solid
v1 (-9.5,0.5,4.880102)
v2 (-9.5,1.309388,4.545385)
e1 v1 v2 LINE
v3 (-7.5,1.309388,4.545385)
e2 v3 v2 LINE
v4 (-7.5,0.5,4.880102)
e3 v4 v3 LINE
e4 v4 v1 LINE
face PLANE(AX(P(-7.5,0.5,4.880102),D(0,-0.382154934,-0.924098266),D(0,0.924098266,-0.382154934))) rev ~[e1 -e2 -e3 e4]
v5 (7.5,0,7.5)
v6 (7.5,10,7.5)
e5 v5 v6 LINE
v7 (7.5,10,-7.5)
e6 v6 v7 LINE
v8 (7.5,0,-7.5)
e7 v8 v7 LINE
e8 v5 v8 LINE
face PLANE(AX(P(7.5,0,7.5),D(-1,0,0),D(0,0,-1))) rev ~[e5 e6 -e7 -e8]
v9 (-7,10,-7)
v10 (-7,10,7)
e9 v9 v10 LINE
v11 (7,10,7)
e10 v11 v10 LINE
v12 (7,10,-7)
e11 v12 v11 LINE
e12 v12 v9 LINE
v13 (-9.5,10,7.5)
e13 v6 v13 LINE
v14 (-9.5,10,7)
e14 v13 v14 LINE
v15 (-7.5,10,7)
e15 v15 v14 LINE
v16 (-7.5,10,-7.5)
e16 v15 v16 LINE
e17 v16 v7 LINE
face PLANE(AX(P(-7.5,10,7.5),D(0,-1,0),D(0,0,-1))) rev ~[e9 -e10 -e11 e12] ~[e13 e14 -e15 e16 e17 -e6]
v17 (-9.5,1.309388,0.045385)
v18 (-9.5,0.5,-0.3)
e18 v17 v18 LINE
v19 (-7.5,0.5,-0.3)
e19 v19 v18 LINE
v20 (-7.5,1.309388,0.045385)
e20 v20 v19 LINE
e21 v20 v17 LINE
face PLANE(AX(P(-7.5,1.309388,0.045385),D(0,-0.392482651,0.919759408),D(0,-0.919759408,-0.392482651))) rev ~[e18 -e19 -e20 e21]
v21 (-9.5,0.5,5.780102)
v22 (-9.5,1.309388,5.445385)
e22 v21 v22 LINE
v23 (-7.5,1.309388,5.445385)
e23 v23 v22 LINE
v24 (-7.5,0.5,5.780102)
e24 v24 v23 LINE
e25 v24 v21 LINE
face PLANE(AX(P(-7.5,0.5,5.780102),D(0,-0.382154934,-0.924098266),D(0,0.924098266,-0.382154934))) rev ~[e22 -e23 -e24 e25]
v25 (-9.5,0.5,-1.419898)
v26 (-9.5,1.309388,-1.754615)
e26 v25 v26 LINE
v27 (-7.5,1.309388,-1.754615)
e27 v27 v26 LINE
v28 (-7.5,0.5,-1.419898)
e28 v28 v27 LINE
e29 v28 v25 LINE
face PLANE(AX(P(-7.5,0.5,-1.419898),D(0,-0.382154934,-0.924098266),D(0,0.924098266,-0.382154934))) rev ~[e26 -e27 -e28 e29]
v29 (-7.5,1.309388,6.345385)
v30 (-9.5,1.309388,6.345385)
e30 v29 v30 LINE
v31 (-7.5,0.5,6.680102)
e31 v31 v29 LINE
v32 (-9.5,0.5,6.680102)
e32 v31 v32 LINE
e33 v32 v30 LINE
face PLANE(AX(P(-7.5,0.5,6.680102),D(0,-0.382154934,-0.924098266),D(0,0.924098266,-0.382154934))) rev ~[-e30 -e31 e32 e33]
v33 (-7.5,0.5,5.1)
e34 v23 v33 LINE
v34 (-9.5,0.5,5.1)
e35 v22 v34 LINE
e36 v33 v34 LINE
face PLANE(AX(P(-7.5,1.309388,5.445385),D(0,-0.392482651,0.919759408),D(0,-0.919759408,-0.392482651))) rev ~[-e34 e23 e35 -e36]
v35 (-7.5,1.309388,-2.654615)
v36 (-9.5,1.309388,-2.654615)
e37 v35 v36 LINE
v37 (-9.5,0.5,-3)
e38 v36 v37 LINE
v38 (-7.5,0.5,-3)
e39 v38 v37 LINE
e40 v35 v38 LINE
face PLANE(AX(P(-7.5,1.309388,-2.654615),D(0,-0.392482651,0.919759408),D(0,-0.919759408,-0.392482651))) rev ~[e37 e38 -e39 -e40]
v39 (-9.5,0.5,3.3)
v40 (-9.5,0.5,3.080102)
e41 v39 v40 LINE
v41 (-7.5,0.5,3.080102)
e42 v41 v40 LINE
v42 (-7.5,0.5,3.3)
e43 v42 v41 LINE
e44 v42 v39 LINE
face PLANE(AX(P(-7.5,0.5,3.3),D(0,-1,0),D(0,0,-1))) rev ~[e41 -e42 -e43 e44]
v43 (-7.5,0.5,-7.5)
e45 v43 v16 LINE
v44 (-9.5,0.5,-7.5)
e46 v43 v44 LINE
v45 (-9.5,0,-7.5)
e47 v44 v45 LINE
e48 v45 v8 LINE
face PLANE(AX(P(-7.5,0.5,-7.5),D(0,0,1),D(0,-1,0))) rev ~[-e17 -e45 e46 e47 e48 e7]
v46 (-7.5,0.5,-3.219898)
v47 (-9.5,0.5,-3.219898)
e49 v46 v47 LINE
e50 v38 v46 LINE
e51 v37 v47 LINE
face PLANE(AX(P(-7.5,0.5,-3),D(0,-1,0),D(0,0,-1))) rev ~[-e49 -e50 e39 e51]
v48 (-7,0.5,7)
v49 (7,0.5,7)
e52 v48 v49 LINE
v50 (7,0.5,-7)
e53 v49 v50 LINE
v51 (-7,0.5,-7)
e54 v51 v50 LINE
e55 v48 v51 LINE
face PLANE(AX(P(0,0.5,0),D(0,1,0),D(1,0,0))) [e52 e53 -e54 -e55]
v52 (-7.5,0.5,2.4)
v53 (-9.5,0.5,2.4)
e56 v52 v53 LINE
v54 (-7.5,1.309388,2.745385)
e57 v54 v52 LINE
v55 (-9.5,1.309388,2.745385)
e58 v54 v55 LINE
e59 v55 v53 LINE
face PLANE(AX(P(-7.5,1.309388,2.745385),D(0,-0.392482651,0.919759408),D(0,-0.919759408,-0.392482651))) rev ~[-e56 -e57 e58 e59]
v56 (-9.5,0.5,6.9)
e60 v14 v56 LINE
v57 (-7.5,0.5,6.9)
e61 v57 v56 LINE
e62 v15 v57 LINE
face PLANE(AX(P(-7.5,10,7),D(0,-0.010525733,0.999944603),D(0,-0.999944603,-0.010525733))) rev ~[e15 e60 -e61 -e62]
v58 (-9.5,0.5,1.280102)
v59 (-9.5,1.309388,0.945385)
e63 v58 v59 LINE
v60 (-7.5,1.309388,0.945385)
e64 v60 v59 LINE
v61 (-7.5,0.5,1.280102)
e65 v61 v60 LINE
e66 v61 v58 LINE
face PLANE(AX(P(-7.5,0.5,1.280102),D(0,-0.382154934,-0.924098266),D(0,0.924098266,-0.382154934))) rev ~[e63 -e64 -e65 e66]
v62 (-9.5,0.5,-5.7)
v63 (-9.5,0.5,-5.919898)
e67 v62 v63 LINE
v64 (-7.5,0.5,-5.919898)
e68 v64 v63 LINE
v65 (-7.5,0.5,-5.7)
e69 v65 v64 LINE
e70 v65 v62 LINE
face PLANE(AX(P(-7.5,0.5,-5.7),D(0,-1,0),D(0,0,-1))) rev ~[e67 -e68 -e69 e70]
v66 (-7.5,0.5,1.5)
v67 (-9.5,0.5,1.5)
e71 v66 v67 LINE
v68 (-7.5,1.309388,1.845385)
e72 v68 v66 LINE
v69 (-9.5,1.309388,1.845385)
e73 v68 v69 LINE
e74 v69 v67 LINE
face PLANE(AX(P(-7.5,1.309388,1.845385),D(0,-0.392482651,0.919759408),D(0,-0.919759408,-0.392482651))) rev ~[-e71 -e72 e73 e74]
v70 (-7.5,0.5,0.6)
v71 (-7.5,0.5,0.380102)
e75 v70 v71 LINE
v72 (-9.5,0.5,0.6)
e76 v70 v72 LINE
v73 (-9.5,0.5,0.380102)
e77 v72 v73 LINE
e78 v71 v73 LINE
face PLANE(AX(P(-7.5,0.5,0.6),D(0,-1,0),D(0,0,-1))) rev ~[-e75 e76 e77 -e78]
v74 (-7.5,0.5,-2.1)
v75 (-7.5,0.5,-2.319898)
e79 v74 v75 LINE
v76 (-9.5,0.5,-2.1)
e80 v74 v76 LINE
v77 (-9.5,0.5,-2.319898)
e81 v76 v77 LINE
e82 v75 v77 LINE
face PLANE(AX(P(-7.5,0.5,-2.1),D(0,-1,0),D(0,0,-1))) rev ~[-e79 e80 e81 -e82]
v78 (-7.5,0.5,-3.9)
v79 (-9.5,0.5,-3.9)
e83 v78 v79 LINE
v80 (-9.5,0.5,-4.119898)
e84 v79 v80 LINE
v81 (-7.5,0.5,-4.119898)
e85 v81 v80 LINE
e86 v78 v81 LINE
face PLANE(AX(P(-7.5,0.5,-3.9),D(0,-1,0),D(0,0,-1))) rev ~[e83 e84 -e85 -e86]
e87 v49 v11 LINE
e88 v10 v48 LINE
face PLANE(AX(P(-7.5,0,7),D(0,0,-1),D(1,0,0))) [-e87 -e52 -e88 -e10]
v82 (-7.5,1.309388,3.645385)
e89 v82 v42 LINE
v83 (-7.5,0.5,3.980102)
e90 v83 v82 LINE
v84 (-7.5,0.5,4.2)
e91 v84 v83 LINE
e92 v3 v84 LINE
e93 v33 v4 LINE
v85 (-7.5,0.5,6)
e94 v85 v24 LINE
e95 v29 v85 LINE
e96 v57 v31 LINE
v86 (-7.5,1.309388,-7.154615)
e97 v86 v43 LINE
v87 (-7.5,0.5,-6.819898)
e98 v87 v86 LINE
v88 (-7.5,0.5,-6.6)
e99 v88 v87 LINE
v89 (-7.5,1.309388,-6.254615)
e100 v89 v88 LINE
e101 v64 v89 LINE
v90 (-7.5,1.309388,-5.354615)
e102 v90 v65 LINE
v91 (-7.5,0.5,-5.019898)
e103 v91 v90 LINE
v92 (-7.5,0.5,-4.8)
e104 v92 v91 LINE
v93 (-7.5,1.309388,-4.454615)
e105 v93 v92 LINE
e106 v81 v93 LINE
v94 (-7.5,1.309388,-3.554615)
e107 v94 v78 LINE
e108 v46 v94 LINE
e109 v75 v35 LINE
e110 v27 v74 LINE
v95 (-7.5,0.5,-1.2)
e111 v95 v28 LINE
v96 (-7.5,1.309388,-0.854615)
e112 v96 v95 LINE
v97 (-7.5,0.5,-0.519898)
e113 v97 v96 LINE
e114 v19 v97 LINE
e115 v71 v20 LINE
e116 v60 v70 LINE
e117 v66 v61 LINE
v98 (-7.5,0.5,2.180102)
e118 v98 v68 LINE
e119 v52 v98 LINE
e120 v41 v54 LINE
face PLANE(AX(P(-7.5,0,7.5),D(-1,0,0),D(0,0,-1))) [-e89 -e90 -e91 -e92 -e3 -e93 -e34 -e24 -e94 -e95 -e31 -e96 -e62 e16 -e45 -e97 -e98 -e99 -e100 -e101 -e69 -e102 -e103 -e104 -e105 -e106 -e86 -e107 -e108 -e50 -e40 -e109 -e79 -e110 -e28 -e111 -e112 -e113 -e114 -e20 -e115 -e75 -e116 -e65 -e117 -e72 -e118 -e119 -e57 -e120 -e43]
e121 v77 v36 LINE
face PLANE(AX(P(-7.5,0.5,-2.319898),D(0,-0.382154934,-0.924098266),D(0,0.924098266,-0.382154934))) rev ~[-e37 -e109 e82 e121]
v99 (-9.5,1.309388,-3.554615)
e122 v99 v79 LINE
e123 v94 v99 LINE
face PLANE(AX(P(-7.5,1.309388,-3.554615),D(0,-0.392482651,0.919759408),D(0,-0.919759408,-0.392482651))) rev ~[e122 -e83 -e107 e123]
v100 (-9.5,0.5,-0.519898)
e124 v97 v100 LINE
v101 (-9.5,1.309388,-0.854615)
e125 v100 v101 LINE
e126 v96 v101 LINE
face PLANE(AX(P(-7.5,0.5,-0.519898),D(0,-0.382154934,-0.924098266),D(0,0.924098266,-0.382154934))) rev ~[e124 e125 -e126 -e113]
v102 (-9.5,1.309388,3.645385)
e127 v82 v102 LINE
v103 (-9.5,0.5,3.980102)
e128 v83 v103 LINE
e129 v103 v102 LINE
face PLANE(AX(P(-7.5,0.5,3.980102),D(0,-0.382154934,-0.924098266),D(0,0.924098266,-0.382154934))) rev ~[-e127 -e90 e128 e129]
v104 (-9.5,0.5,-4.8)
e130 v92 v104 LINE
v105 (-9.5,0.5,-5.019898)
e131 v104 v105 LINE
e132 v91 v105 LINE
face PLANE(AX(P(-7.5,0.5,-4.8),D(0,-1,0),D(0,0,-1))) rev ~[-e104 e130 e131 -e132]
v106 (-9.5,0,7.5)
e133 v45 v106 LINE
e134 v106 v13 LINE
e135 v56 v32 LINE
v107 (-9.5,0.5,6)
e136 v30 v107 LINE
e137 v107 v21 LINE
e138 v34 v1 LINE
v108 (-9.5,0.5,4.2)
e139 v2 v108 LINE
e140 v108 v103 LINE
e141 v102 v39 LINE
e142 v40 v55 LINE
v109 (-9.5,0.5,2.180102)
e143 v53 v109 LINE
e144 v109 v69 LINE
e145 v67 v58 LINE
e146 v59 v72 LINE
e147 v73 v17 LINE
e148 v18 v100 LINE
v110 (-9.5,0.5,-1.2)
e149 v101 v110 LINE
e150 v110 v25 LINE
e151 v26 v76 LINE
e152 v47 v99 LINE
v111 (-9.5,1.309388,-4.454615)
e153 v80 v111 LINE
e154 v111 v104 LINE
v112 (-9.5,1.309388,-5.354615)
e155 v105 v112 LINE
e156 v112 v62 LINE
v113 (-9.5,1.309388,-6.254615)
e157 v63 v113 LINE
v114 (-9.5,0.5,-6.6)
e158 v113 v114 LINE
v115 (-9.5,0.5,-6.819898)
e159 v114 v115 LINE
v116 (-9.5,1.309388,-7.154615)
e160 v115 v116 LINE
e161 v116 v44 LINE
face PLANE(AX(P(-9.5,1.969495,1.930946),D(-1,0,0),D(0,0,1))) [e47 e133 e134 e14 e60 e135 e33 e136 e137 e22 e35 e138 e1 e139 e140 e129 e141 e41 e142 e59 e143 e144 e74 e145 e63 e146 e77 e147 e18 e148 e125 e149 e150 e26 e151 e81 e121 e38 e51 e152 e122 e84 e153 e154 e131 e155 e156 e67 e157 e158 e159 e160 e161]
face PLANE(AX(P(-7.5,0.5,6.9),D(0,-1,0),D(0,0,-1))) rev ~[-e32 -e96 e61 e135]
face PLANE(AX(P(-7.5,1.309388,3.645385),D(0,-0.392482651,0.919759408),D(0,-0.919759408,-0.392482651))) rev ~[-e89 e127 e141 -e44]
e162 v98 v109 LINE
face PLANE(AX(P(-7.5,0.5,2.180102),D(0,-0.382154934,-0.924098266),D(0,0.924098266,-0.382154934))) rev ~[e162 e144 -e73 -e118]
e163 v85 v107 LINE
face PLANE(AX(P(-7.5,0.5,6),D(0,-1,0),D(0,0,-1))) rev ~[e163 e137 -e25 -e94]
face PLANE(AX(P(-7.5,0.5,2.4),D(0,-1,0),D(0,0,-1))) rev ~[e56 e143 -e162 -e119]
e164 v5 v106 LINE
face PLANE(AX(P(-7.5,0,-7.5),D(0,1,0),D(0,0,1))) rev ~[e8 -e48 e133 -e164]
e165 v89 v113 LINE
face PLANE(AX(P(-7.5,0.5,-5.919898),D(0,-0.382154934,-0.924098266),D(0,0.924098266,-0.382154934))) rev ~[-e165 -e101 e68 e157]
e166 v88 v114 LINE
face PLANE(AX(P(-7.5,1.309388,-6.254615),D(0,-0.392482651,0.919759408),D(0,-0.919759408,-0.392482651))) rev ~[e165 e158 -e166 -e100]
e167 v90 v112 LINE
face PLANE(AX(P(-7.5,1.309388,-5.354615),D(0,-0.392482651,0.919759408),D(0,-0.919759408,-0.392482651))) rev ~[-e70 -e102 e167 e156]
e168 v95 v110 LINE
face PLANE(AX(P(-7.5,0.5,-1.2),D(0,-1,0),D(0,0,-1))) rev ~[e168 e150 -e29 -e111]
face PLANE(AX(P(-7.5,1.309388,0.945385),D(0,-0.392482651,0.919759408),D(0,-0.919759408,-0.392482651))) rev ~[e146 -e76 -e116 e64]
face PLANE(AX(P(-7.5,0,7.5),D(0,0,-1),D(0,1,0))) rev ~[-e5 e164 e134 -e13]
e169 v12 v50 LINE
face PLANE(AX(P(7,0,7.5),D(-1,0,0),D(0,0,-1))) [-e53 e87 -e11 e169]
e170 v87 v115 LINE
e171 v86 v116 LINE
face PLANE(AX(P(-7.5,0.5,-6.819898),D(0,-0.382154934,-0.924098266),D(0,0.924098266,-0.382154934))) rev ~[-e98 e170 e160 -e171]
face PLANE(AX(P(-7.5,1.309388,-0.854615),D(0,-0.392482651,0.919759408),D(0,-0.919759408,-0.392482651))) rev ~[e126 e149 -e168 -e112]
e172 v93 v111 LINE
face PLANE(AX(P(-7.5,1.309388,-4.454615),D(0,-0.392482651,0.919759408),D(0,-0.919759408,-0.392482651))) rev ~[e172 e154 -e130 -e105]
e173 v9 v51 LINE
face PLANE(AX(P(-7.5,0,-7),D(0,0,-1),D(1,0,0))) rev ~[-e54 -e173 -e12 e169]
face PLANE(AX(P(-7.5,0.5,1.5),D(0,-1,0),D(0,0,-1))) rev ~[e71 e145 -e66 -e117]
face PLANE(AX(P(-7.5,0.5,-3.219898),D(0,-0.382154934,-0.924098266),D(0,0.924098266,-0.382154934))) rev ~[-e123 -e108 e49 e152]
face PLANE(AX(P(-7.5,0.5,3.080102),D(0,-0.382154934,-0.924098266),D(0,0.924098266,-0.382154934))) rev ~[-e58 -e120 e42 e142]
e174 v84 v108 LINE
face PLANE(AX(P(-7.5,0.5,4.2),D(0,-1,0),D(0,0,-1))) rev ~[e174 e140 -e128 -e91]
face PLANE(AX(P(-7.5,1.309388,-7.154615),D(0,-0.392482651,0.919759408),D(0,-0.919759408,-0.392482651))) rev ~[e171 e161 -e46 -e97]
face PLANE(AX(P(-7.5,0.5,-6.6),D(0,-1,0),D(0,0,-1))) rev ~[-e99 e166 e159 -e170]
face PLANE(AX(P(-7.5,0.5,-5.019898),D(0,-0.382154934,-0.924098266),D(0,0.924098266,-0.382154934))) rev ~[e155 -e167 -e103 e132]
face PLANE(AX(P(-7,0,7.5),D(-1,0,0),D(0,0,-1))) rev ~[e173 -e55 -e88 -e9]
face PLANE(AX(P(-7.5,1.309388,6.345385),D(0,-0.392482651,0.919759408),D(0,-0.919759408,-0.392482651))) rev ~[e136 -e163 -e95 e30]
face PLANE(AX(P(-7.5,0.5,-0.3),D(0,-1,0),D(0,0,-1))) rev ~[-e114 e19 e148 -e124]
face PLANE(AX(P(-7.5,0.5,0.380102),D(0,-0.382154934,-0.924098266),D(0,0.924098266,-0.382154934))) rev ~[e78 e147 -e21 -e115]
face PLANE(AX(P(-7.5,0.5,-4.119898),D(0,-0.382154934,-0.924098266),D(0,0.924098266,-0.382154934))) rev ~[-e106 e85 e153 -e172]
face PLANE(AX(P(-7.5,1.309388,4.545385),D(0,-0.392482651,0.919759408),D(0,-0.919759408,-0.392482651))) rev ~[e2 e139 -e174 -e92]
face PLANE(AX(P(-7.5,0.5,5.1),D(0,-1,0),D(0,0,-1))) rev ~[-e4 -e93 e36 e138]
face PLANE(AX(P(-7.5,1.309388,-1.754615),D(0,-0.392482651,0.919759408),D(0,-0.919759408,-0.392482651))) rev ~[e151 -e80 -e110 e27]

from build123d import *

# Parameters (mm, degrees)
SKETCH1_W           = 15
SKETCH1_H           = 15
BOSS_EXTRUDE1_DEPTH = 10
SHELL6_T            = -0.5
BOSS_EXTRUDE3_DEPTH = 2


with BuildPart() as part:
    # Sketch1 → Boss-Extrude1 (new body)
    with BuildSketch(Plane(origin=(0, 0, 0), x_dir=(1, 0, 0), z_dir=(0, 1, 0))):
        Rectangle(SKETCH1_W, SKETCH1_H)
    extrude(amount=BOSS_EXTRUDE1_DEPTH)

    # Shell6
    shell6_openings = [part.faces().sort_by_distance(p)[0] for p in [
        (0, 10, 0),
    ]]
    offset(amount=SHELL6_T, openings=shell6_openings, kind=Kind.INTERSECTION)

    # Sketch2 → Boss-Extrude3 (add)
    with BuildSketch(Plane.ZY.offset(7.5)):
        Polygon((-7.5, 0), (7.5, 0), (7.5, 0.5), (7.5, 10), (7, 10), (6.9, 0.5), (6.680102085, 0.5), (6.345384733, 1.309388279), (6, 0.5), (5.780102085, 0.5), (5.445384733, 1.309388279), (5.1, 0.5), (4.880102085, 0.5), (4.545384733, 1.309388279), (4.2, 0.5), (3.980102085, 0.5), (3.645384733, 1.309388279), (3.3, 0.5), (3.080102085, 0.5), (2.745384733, 1.309388279), (2.4, 0.5), (2.180102085, 0.5), (1.845384733, 1.309388279), (1.5, 0.5), (1.280102085, 0.5), (0.945384733, 1.309388279), (0.6, 0.5), (0.380102085, 0.5), (0.045384733, 1.309388279), (-0.3, 0.5), (-0.519897915, 0.5), (-0.854615267, 1.309388279), (-1.2, 0.5), (-1.419897915, 0.5), (-1.754615267, 1.309388279), (-2.1, 0.5), (-2.319897915, 0.5), (-2.654615267, 1.309388279), (-3, 0.5), (-3.219897915, 0.5), (-3.554615267, 1.309388279), (-3.9, 0.5), (-4.119897915, 0.5), (-4.454615267, 1.309388279), (-4.8, 0.5), (-5.019897915, 0.5), (-5.354615267, 1.309388279), (-5.7, 0.5), (-5.919897915, 0.5), (-6.254615267, 1.309388279), (-6.6, 0.5), (-6.819897915, 0.5), (-7.154615267, 1.309388279), (-7.5, 0.5), align=None)
    extrude(amount=BOSS_EXTRUDE3_DEPTH)


solid = part.part
